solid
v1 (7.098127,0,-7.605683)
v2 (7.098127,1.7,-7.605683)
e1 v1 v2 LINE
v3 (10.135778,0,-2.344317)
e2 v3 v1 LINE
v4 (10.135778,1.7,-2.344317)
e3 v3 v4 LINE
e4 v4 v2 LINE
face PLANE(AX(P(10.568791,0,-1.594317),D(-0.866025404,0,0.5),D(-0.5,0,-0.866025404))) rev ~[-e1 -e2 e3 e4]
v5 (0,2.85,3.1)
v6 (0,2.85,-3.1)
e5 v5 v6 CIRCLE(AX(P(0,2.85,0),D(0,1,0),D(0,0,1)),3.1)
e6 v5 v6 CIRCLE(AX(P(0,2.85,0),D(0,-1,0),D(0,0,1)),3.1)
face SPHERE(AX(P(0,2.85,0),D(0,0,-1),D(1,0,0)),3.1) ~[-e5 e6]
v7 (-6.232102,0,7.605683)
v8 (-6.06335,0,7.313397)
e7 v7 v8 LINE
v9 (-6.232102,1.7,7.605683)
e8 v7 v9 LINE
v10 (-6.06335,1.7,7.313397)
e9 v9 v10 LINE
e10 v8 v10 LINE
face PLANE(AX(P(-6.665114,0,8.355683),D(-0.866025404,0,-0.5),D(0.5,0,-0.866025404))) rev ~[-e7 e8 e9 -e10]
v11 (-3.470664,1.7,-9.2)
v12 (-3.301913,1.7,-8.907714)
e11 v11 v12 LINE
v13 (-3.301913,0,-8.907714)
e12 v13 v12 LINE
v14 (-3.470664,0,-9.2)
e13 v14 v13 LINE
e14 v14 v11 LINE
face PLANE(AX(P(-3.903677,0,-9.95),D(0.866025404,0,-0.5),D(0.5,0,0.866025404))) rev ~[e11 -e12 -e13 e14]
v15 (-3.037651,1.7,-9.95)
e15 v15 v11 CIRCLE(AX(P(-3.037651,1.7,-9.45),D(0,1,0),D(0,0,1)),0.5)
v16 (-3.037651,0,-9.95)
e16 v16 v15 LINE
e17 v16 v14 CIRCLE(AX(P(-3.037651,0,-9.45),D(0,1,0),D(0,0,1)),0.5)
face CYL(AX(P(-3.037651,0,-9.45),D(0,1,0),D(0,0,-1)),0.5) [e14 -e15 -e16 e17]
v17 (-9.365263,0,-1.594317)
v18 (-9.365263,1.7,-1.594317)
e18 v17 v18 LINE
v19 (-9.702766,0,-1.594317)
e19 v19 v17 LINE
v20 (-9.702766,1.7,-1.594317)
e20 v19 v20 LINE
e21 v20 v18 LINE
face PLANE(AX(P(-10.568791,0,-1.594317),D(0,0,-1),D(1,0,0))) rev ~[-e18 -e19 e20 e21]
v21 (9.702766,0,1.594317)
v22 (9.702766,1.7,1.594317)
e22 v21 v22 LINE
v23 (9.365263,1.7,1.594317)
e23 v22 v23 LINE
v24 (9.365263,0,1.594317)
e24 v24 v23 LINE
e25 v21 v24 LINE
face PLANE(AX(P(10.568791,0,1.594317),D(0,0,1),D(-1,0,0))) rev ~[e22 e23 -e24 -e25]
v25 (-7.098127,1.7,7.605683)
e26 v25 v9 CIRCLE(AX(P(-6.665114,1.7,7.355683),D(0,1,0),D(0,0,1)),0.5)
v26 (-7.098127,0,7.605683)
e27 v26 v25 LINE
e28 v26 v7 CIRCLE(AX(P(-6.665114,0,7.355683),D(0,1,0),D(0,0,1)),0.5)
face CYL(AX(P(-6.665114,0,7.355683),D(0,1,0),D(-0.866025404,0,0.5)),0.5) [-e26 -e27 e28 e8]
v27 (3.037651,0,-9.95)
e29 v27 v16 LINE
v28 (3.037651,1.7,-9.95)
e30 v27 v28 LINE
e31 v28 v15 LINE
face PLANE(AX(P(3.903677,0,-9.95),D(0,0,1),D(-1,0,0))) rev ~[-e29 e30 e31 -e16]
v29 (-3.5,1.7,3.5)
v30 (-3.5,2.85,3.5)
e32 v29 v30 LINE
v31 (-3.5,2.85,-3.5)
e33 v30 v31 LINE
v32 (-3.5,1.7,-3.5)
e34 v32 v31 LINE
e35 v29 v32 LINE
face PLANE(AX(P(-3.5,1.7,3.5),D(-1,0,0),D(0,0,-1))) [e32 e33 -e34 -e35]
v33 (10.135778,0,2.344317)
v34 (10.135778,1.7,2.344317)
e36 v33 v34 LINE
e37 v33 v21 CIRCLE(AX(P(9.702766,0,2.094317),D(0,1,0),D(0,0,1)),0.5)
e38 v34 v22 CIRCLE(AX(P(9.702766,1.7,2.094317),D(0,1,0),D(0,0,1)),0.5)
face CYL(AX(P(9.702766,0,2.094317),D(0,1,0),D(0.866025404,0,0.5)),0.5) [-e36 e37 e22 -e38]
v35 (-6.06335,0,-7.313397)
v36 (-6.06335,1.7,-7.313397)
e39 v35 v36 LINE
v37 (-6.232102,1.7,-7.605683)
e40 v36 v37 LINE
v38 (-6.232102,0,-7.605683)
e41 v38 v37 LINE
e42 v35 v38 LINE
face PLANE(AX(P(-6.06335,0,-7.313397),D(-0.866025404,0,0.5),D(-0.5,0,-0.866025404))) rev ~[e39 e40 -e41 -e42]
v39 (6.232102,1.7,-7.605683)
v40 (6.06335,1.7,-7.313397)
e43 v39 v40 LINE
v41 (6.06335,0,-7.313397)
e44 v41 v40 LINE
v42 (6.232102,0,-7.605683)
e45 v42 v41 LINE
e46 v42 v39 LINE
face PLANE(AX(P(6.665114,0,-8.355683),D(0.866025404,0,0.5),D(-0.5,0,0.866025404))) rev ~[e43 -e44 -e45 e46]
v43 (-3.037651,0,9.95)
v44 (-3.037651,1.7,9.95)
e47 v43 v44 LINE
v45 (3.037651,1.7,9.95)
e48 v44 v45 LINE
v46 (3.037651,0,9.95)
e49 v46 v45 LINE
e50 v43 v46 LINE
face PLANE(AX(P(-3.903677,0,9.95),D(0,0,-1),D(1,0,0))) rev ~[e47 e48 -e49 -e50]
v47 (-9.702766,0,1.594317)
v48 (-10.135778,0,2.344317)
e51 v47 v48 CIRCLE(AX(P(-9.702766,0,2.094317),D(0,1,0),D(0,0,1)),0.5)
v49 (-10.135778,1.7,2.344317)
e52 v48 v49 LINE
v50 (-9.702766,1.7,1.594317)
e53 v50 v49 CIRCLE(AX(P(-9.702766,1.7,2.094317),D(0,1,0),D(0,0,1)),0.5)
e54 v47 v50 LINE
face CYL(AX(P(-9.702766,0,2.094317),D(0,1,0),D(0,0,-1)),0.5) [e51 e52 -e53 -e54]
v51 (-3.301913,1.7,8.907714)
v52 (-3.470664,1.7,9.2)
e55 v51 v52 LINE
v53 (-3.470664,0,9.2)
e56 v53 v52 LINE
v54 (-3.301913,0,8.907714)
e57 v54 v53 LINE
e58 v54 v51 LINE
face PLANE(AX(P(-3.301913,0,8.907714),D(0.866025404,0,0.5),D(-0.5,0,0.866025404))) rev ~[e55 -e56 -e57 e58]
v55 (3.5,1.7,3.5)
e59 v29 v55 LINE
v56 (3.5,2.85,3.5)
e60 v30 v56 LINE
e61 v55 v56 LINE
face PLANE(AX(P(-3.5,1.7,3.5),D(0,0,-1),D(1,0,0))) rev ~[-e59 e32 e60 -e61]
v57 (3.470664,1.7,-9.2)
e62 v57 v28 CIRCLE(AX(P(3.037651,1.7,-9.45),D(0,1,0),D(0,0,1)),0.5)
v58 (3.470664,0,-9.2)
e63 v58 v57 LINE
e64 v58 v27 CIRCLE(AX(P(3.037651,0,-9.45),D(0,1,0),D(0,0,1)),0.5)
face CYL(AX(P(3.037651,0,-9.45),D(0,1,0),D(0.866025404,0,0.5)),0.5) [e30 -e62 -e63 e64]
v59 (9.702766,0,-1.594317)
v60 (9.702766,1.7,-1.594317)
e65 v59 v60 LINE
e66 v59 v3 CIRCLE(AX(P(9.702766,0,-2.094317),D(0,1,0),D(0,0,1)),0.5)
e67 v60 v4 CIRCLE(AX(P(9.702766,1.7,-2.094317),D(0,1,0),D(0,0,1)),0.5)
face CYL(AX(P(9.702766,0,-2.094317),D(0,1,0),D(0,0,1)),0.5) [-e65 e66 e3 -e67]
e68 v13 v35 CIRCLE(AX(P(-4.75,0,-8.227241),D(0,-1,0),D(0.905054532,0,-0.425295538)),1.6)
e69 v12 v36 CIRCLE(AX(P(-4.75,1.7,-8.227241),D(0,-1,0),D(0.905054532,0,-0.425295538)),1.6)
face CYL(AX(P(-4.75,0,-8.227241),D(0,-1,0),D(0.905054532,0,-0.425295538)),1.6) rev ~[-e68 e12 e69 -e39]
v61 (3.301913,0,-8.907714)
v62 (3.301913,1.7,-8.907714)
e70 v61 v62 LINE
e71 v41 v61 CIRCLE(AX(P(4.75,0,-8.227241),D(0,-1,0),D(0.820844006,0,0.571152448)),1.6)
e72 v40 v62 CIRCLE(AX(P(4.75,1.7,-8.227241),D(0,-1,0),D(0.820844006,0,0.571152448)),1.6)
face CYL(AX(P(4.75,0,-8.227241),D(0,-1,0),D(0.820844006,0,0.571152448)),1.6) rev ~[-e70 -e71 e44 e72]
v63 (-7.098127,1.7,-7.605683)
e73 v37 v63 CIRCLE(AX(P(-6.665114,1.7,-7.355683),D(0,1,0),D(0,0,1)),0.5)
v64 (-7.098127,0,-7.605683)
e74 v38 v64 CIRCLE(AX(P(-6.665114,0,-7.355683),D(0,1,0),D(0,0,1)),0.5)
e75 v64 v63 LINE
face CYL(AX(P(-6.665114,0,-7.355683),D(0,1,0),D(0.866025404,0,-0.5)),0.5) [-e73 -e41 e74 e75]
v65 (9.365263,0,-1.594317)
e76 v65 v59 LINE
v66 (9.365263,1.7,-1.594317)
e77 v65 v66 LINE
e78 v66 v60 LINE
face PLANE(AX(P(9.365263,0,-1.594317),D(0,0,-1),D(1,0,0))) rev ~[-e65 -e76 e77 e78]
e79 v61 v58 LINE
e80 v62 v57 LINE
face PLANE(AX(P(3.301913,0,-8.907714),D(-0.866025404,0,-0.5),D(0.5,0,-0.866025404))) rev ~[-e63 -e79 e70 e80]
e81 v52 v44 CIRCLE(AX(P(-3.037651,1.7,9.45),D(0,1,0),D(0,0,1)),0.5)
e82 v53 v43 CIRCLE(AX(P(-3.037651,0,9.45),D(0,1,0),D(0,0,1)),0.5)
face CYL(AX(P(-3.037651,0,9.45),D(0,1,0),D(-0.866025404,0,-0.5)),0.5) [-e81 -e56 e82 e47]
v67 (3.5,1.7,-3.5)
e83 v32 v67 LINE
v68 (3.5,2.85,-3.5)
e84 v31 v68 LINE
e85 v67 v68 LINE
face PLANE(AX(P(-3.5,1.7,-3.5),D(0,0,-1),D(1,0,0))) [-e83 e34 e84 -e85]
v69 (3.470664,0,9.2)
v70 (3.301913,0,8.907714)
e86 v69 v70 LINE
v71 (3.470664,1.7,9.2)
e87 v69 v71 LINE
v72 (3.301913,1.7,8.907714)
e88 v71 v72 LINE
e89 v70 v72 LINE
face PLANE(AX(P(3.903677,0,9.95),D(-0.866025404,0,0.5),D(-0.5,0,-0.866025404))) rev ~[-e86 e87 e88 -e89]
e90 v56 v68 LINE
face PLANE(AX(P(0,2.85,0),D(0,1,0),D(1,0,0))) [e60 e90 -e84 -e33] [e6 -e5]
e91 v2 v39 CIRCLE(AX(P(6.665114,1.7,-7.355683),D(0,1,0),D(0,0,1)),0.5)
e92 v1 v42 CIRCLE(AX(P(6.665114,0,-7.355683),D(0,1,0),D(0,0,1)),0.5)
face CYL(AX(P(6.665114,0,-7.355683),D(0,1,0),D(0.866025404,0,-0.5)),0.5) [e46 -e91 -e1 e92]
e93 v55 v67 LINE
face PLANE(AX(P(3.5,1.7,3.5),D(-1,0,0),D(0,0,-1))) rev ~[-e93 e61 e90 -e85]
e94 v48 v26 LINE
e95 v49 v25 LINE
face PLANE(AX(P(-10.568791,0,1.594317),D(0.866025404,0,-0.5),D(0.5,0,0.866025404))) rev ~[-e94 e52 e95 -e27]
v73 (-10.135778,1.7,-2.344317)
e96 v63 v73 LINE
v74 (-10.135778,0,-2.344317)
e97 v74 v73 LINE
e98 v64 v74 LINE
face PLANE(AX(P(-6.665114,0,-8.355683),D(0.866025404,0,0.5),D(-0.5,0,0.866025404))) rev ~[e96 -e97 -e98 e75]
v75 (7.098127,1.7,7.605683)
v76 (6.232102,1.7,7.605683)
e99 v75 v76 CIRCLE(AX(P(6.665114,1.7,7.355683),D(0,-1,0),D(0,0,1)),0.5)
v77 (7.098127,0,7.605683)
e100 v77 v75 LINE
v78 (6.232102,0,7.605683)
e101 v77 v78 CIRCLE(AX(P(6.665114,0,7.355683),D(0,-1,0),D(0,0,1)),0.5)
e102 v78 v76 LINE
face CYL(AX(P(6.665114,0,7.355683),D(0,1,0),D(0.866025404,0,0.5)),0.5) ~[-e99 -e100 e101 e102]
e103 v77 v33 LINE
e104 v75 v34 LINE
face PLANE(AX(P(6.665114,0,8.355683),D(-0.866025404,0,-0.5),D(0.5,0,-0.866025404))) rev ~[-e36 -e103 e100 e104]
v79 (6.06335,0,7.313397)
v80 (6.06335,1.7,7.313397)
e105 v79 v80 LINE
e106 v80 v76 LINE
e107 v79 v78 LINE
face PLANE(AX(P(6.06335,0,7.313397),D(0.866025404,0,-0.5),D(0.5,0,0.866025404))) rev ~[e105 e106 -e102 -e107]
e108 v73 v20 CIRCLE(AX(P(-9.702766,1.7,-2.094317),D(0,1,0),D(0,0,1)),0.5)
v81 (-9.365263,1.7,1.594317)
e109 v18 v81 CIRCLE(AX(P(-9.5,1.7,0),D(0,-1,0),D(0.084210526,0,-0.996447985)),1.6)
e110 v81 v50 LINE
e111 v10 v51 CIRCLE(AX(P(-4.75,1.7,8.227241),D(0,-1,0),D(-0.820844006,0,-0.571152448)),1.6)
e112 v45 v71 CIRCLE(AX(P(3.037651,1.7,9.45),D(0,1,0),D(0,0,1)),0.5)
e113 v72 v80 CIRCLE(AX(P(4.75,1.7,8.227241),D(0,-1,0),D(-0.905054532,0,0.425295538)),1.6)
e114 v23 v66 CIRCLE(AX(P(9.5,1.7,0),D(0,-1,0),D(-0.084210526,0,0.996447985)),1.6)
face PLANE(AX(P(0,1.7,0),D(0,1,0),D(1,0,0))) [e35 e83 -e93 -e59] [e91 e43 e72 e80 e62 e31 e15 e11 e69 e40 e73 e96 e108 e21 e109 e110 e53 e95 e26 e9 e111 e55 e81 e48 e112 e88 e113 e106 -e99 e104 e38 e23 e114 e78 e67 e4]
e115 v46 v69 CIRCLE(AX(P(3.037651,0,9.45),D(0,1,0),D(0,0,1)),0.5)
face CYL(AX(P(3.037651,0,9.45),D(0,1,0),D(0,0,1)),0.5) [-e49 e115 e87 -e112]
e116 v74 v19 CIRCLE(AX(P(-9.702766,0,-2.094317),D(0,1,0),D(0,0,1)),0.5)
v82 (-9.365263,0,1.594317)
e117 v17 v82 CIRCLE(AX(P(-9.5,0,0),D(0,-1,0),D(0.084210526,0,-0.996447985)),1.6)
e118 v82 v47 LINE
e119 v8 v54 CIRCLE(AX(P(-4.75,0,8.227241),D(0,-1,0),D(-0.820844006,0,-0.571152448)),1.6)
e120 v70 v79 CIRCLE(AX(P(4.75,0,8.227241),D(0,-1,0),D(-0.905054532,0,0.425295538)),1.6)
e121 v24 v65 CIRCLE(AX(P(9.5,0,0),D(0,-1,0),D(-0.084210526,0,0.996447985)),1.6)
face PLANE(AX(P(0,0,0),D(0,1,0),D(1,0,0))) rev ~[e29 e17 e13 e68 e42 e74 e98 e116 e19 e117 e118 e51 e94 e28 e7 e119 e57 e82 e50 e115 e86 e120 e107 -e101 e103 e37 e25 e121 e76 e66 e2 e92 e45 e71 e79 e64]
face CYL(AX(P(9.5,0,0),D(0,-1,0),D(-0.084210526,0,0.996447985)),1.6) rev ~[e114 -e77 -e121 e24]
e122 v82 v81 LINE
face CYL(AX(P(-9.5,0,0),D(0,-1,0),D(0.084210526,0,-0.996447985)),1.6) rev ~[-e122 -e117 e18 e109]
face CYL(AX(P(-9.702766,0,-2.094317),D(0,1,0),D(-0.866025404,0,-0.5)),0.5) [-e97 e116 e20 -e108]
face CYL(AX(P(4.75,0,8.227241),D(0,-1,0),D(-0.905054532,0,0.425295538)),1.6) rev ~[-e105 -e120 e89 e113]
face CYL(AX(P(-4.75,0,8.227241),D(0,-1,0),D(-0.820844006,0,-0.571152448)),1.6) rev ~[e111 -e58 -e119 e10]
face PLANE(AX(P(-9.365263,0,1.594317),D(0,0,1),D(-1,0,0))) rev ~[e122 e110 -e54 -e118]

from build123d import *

# Parameters (mm, degrees)
BOSS_EXTRUDE1_DEPTH = 1.7
FILLET1_R           = 0.5
SKETCH4_W           = 7
SKETCH4_H           = 7
BOSS_EXTRUDE2_DEPTH = 1.15
REVOLVE4_ANGLE      = 180


with BuildPart() as part:
    # Sketch1 → Boss-Extrude1 (new body)
    with BuildSketch(Plane(origin=(0, 0, 0), x_dir=(1, 0, 0), z_dir=(0, 1, 0))):
        with BuildLine():
            Line((6.665114398, -8.355683224), (10.568791137, -1.594316776))
            Line((10.568791137, -1.594316776), (9.365263158, -1.594316776))
            ThreePointArc((9.365263158, -1.594316776), (7.9, 0), (9.365263158, 1.594316776))
            Line((9.365263158, 1.594316776), (10.568791137, 1.594316776))
            Line((10.568791137, 1.594316776), (6.665114398, 8.355683224))
            Line((6.665114398, 8.355683224), (6.063350409, 7.31339742))
            ThreePointArc((6.063350409, 7.31339742), (3.95, 6.84160069), (3.301912749, 8.907714196))
            Line((3.301912749, 8.907714196), (3.903676738, 9.95))
            Line((3.903676738, 9.95), (-3.903676738, 9.95))
            Line((-3.903676738, 9.95), (-3.301912749, 8.907714196))
            ThreePointArc((-3.301912749, 8.907714196), (-3.95, 6.84160069), (-6.063350409, 7.31339742))
            Line((-6.063350409, 7.31339742), (-6.665114398, 8.355683224))
            Line((-6.665114398, 8.355683224), (-10.568791137, 1.594316776))
            Line((-10.568791137, 1.594316776), (-9.365263158, 1.594316776))
            ThreePointArc((-9.365263158, 1.594316776), (-7.9, 0), (-9.365263158, -1.594316776))
            Line((-9.365263158, -1.594316776), (-10.568791137, -1.594316776))
            Line((-10.568791137, -1.594316776), (-6.665114398, -8.355683224))
            Line((-6.665114398, -8.355683224), (-6.063350409, -7.31339742))
            ThreePointArc((-6.063350409, -7.31339742), (-3.95, -6.84160069), (-3.301912749, -8.907714196))
            Line((-3.301912749, -8.907714196), (-3.903676738, -9.95))
            Line((-3.903676738, -9.95), (3.903676738, -9.95))
            Line((3.903676738, -9.95), (3.301912749, -8.907714196))
            ThreePointArc((3.301912749, -8.907714196), (3.95, -6.84160069), (6.063350409, -7.31339742))
            Line((6.063350409, -7.31339742), (6.665114398, -8.355683224))
        make_face()
    extrude(amount=BOSS_EXTRUDE1_DEPTH)

    # Fillet1
    fillet1_edges = [part.edges().sort_by_distance(p)[0] for p in [
        (-6.665114398, 0.85, 8.355683224),
        (-10.568791137, 0.85, 1.594316776),
        (-10.568791137, 0.85, -1.594316776),
        (-6.665114398, 0.85, -8.355683224),
        (-3.903676738, 0.85, -9.95),
        (3.903676738, 0.85, -9.95),
        (6.665114398, 0.85, -8.355683224),
        (10.568791137, 0.85, -1.594316776),
        (10.568791137, 0.85, 1.594316776),
        (6.665114398, 0.85, 8.355683224),
        (3.903676738, 0.85, 9.95),
        (-3.903676738, 0.85, 9.95),
    ]]
    fillet(fillet1_edges, radius=FILLET1_R)

    # Sketch4 → Boss-Extrude2 (add)
    with BuildSketch(Plane(origin=(0, 1.7, 0), x_dir=(1, 0, 0), z_dir=(0, 1, 0))):
        Rectangle(SKETCH4_W, SKETCH4_H)
    extrude(amount=BOSS_EXTRUDE2_DEPTH)

    # Sketch5 → Revolve4 (revolve)
    with BuildSketch(Plane(origin=(0, 2.85, 0), x_dir=(1, 0, 0), z_dir=(0, 1, 0))):
        with BuildLine():
            Line((0, 3.1), (0, -3.1))
            ThreePointArc((0, -3.1), (3.1, 0), (0, 3.1))
        make_face()
    revolve(axis=Axis((0, 2.85, -3.1), (0, 0, 1)), revolution_arc=REVOLVE4_ANGLE)


solid = part.part
